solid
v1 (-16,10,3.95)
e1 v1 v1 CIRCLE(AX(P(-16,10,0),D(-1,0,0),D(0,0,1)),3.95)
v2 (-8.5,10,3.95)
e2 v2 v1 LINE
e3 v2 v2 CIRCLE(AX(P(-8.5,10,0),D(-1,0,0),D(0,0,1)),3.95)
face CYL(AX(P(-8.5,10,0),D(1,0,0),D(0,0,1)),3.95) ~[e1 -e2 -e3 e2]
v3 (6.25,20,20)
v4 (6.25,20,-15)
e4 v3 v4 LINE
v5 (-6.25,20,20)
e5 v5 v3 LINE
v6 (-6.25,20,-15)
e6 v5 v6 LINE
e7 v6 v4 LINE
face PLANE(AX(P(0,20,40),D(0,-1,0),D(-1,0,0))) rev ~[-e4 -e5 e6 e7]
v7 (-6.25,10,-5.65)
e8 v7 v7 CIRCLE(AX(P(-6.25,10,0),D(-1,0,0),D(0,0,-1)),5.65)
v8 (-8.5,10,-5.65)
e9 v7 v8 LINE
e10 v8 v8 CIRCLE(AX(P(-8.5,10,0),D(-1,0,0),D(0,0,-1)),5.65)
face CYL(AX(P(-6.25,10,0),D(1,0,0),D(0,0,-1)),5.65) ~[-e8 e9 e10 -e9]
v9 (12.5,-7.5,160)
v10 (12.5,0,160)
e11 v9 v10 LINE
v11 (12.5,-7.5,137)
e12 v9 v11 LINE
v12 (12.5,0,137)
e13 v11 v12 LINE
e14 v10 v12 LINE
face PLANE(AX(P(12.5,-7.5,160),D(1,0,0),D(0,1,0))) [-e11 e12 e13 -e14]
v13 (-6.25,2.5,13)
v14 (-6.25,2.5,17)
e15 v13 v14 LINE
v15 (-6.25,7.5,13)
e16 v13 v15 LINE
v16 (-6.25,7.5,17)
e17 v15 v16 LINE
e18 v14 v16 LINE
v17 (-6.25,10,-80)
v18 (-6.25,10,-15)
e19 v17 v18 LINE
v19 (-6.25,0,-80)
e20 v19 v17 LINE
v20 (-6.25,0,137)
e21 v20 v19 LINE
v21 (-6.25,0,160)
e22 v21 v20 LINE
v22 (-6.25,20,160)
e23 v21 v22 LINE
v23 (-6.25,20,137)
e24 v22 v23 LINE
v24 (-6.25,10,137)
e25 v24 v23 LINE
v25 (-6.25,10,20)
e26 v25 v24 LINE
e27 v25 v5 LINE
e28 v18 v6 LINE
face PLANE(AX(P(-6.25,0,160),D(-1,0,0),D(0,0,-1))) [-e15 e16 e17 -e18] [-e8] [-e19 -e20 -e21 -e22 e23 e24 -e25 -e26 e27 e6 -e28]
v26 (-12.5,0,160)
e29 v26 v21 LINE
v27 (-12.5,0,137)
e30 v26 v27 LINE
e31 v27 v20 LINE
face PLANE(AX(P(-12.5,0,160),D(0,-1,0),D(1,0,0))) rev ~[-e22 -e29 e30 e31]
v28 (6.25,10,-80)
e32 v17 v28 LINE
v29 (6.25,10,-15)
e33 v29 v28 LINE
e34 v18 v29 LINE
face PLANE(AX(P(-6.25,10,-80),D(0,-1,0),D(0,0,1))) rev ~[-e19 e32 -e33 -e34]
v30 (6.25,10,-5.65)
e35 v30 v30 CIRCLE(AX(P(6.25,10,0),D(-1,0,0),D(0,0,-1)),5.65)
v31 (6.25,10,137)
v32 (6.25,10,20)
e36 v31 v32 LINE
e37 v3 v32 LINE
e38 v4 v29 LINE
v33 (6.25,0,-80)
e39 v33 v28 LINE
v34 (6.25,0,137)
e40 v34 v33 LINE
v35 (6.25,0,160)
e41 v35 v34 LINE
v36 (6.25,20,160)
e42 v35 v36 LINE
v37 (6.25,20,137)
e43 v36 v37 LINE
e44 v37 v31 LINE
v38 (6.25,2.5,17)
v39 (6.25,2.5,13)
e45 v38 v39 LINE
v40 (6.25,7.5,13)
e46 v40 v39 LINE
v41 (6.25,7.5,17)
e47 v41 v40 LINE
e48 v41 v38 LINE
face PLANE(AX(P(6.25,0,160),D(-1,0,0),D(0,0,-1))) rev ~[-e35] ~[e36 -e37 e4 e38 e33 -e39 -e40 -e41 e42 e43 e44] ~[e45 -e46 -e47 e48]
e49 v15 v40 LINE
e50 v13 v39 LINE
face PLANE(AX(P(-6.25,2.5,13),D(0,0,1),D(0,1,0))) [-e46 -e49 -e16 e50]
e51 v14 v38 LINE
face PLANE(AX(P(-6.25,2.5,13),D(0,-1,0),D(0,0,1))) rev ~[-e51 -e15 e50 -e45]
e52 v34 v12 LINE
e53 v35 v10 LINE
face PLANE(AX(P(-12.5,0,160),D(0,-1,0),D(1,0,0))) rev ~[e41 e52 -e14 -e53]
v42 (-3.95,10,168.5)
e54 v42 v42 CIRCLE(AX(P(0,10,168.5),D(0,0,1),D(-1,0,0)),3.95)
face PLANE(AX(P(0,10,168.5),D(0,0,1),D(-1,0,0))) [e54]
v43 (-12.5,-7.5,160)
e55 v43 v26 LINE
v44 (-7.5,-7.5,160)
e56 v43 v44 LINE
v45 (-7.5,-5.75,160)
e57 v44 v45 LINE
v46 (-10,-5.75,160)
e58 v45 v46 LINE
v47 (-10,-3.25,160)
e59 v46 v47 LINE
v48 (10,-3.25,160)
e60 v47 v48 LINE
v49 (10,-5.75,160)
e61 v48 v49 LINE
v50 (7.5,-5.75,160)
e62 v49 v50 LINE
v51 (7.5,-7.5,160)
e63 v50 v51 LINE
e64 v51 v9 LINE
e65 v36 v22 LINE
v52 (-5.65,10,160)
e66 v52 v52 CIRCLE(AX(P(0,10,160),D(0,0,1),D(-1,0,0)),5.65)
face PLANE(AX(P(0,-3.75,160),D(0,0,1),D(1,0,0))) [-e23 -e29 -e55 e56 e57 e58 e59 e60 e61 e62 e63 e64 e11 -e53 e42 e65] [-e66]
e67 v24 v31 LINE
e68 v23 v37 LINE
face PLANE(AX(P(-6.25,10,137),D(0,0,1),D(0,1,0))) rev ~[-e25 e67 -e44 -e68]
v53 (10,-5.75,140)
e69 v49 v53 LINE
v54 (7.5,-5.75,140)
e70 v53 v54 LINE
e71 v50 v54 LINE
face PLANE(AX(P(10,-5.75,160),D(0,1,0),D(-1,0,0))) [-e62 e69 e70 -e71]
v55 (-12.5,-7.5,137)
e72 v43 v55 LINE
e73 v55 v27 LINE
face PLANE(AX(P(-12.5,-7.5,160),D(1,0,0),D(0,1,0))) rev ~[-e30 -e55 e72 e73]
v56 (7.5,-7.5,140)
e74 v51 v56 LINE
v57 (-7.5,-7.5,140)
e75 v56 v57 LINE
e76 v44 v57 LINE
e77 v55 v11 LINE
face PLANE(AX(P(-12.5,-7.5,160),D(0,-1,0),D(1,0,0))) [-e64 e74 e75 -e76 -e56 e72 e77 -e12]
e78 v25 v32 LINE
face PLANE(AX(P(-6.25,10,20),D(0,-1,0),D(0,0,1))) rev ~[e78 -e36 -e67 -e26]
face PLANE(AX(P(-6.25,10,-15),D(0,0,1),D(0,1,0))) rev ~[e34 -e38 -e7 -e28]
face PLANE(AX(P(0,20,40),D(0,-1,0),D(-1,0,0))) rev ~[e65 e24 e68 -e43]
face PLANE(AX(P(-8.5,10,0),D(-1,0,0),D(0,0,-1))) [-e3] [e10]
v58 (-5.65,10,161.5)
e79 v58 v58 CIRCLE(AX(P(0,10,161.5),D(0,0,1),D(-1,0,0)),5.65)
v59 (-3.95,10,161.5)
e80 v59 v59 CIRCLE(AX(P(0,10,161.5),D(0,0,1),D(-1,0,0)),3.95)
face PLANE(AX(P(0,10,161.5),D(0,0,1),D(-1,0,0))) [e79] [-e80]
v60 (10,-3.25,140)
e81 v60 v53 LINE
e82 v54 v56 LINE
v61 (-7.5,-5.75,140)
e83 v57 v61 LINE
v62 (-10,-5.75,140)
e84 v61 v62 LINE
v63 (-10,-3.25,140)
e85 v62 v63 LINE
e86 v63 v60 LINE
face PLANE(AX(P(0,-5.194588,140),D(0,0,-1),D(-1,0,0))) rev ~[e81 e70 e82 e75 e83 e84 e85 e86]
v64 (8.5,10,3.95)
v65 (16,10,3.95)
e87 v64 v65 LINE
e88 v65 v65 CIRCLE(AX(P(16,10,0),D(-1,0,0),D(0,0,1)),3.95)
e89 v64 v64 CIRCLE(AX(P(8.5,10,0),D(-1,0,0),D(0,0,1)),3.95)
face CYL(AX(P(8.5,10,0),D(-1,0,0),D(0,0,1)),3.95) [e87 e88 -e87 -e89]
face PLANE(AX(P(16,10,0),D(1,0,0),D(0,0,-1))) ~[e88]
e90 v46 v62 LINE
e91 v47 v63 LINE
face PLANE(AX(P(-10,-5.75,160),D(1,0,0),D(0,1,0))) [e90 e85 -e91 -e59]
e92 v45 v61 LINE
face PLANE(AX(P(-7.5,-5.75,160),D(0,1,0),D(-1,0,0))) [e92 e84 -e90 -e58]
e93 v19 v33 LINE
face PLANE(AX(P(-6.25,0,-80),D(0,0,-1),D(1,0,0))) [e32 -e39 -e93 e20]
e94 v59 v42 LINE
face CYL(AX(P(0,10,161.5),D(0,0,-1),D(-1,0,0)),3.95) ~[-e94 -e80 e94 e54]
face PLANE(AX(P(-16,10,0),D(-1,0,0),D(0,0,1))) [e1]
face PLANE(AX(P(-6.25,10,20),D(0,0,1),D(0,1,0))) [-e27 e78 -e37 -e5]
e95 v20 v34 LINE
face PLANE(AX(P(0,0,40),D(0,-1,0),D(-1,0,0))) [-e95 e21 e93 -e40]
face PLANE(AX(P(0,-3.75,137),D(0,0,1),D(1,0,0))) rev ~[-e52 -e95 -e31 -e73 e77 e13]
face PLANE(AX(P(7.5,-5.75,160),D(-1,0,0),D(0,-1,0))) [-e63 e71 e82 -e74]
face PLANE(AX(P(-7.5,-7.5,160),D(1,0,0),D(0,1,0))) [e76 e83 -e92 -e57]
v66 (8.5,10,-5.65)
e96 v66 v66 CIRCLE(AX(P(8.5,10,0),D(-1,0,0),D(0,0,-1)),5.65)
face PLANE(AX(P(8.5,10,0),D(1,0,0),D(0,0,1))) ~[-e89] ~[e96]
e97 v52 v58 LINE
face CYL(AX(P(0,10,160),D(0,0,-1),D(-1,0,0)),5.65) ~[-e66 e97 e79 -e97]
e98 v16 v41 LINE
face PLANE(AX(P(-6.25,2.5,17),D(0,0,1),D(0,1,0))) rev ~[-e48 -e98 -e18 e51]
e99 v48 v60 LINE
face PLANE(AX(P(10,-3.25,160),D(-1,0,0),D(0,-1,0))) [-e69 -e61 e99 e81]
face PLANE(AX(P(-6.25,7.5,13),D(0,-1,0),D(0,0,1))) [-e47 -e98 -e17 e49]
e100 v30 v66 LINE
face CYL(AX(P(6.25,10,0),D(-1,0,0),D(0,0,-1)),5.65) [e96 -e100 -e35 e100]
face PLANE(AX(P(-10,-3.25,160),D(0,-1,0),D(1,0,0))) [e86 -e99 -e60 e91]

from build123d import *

# Parameters (mm, degrees)
BOSS_EXTRUDE1_DEPTH = 20
SKETCH2_R           = 5.65
BOSS_EXTRUDE2_DEPTH = 1.5
SKETCH3_R           = 3.95
BOSS_EXTRUDE3_DEPTH = 7
SKETCH4_R           = 5.65
BOSS_EXTRUDE4_DEPTH = 2.25
SKETCH5_R           = 3.95
BOSS_EXTRUDE5_DEPTH = 7.5
SKETCH9_W           = 25
SKETCH9_H           = 7.5
BOSS_EXTRUDE8_DEPTH = 23
CUT_EXTRUDE1_DEPTH  = 20
CUT_EXTRUDE2_REACH  = 173.135
SKETCH12_W          = 4
SKETCH12_H          = 5
CUT_EXTRUDE3_REACH  = 173.135
SKETCH14_W          = 65
SKETCH14_H          = 10
SKETCH14_W_2        = 117


with BuildPart() as part:
    # Sketch1 → Boss-Extrude1 (new body)
    with BuildSketch(Plane(origin=(0, 0, 0), x_dir=(1, 0, 0), z_dir=(0, 1, 0))):
        Polygon((-6.25, 80), (6.25, 80), (6.25, 0), (6.25, -160), (-6.25, -160), align=None)
    extrude(amount=BOSS_EXTRUDE1_DEPTH)

    # Sketch2 → Boss-Extrude2 (add)
    with BuildSketch(Plane.XY.offset(160)):
        with Locations(Location((0, 10, 0), (0, 0, 180))):
            Circle(SKETCH2_R)
    extrude(amount=BOSS_EXTRUDE2_DEPTH)

    # Sketch3 → Boss-Extrude3 (add)
    with BuildSketch(Plane.XY.offset(161.5)):
        with Locations(Location((0, 10, 0), (0, 0, 180))):
            Circle(SKETCH3_R)
    extrude(amount=BOSS_EXTRUDE3_DEPTH)

    # Sketch4 → Boss-Extrude4 (add)
    with BuildSketch(Plane.ZY.offset(6.25)):
        with Locations(Location((0, 10, 0), (0, 0, 180))):
            Circle(SKETCH4_R)
    boss_extrude4 = extrude(amount=BOSS_EXTRUDE4_DEPTH)

    # Sketch5 → Boss-Extrude5 (add)
    with BuildSketch(Plane.ZY.offset(8.5)):
        with Locations((0, 10)):
            Circle(SKETCH5_R)
    boss_extrude5 = extrude(amount=BOSS_EXTRUDE5_DEPTH)

    # Mirror1: Boss-Extrude4, Boss-Extrude5 across plane
    add(boss_extrude4.mirror(Plane(origin=(0, 0, 0), x_dir=(0, 0, 1), z_dir=(1, 0, 0))))
    add(boss_extrude5.mirror(Plane(origin=(0, 0, 0), x_dir=(0, 0, 1), z_dir=(1, 0, 0))))

    # Sketch9 → Boss-Extrude8 (add)
    with BuildSketch(Plane.XY.offset(160)):
        with Locations((0, -3.75)):
            Rectangle(SKETCH9_W, SKETCH9_H)
    extrude(amount=-BOSS_EXTRUDE8_DEPTH)

    # Sketch10 → Cut-Extrude1 (cut)
    with BuildSketch(Plane.XY.offset(160)):
        Polygon((-10, -5.75), (-10, -3.25), (10, -3.25), (10, -5.75), (7.5, -5.75), (7.5, -7.5), (-7.5, -7.5), (-7.5, -5.75), align=None)
    extrude(amount=-CUT_EXTRUDE1_DEPTH, mode=Mode.SUBTRACT)

    # Sketch12 → Cut-Extrude2 (cut, up to next)
    with BuildSketch(Plane.ZY.offset(6.25), mode=Mode.PRIVATE) as cut_extrude2_sk1:
        with Locations((15, 5)):
            Rectangle(SKETCH12_W, SKETCH12_H)
    cut_extrude2_tool1 = extrude(cut_extrude2_sk1.sketch, amount=-CUT_EXTRUDE2_REACH, mode=Mode.PRIVATE) & part.part
    add(cut_extrude2_tool1.solids().sort_by_distance((-6.25, 5, 15))[0], mode=Mode.SUBTRACT)

    # Sketch14 → Cut-Extrude3 (cut, up to next)
    with BuildSketch(Plane.ZY.offset(6.25), mode=Mode.PRIVATE) as cut_extrude3_sk1:
        with Locations((-47.5, 15)):
            Rectangle(SKETCH14_W, SKETCH14_H)
    cut_extrude3_tool1 = extrude(cut_extrude3_sk1.sketch, amount=-CUT_EXTRUDE3_REACH, mode=Mode.PRIVATE) & part.part
    # Sketch14 → Cut-Extrude3 (cut, up to next)
    with BuildSketch(Plane.ZY.offset(6.25), mode=Mode.PRIVATE) as cut_extrude3_sk2:
        with Locations((78.5, 15)):
            Rectangle(SKETCH14_W_2, SKETCH14_H)
    cut_extrude3_tool2 = extrude(cut_extrude3_sk2.sketch, amount=-CUT_EXTRUDE3_REACH, mode=Mode.PRIVATE) & part.part
    add(cut_extrude3_tool1.solids().sort_by_distance((-6.25, 15, -47.5))[0], mode=Mode.SUBTRACT)
    add(cut_extrude3_tool2.solids().sort_by_distance((-6.25, 15, 78.5))[0], mode=Mode.SUBTRACT)


solid = part.part
